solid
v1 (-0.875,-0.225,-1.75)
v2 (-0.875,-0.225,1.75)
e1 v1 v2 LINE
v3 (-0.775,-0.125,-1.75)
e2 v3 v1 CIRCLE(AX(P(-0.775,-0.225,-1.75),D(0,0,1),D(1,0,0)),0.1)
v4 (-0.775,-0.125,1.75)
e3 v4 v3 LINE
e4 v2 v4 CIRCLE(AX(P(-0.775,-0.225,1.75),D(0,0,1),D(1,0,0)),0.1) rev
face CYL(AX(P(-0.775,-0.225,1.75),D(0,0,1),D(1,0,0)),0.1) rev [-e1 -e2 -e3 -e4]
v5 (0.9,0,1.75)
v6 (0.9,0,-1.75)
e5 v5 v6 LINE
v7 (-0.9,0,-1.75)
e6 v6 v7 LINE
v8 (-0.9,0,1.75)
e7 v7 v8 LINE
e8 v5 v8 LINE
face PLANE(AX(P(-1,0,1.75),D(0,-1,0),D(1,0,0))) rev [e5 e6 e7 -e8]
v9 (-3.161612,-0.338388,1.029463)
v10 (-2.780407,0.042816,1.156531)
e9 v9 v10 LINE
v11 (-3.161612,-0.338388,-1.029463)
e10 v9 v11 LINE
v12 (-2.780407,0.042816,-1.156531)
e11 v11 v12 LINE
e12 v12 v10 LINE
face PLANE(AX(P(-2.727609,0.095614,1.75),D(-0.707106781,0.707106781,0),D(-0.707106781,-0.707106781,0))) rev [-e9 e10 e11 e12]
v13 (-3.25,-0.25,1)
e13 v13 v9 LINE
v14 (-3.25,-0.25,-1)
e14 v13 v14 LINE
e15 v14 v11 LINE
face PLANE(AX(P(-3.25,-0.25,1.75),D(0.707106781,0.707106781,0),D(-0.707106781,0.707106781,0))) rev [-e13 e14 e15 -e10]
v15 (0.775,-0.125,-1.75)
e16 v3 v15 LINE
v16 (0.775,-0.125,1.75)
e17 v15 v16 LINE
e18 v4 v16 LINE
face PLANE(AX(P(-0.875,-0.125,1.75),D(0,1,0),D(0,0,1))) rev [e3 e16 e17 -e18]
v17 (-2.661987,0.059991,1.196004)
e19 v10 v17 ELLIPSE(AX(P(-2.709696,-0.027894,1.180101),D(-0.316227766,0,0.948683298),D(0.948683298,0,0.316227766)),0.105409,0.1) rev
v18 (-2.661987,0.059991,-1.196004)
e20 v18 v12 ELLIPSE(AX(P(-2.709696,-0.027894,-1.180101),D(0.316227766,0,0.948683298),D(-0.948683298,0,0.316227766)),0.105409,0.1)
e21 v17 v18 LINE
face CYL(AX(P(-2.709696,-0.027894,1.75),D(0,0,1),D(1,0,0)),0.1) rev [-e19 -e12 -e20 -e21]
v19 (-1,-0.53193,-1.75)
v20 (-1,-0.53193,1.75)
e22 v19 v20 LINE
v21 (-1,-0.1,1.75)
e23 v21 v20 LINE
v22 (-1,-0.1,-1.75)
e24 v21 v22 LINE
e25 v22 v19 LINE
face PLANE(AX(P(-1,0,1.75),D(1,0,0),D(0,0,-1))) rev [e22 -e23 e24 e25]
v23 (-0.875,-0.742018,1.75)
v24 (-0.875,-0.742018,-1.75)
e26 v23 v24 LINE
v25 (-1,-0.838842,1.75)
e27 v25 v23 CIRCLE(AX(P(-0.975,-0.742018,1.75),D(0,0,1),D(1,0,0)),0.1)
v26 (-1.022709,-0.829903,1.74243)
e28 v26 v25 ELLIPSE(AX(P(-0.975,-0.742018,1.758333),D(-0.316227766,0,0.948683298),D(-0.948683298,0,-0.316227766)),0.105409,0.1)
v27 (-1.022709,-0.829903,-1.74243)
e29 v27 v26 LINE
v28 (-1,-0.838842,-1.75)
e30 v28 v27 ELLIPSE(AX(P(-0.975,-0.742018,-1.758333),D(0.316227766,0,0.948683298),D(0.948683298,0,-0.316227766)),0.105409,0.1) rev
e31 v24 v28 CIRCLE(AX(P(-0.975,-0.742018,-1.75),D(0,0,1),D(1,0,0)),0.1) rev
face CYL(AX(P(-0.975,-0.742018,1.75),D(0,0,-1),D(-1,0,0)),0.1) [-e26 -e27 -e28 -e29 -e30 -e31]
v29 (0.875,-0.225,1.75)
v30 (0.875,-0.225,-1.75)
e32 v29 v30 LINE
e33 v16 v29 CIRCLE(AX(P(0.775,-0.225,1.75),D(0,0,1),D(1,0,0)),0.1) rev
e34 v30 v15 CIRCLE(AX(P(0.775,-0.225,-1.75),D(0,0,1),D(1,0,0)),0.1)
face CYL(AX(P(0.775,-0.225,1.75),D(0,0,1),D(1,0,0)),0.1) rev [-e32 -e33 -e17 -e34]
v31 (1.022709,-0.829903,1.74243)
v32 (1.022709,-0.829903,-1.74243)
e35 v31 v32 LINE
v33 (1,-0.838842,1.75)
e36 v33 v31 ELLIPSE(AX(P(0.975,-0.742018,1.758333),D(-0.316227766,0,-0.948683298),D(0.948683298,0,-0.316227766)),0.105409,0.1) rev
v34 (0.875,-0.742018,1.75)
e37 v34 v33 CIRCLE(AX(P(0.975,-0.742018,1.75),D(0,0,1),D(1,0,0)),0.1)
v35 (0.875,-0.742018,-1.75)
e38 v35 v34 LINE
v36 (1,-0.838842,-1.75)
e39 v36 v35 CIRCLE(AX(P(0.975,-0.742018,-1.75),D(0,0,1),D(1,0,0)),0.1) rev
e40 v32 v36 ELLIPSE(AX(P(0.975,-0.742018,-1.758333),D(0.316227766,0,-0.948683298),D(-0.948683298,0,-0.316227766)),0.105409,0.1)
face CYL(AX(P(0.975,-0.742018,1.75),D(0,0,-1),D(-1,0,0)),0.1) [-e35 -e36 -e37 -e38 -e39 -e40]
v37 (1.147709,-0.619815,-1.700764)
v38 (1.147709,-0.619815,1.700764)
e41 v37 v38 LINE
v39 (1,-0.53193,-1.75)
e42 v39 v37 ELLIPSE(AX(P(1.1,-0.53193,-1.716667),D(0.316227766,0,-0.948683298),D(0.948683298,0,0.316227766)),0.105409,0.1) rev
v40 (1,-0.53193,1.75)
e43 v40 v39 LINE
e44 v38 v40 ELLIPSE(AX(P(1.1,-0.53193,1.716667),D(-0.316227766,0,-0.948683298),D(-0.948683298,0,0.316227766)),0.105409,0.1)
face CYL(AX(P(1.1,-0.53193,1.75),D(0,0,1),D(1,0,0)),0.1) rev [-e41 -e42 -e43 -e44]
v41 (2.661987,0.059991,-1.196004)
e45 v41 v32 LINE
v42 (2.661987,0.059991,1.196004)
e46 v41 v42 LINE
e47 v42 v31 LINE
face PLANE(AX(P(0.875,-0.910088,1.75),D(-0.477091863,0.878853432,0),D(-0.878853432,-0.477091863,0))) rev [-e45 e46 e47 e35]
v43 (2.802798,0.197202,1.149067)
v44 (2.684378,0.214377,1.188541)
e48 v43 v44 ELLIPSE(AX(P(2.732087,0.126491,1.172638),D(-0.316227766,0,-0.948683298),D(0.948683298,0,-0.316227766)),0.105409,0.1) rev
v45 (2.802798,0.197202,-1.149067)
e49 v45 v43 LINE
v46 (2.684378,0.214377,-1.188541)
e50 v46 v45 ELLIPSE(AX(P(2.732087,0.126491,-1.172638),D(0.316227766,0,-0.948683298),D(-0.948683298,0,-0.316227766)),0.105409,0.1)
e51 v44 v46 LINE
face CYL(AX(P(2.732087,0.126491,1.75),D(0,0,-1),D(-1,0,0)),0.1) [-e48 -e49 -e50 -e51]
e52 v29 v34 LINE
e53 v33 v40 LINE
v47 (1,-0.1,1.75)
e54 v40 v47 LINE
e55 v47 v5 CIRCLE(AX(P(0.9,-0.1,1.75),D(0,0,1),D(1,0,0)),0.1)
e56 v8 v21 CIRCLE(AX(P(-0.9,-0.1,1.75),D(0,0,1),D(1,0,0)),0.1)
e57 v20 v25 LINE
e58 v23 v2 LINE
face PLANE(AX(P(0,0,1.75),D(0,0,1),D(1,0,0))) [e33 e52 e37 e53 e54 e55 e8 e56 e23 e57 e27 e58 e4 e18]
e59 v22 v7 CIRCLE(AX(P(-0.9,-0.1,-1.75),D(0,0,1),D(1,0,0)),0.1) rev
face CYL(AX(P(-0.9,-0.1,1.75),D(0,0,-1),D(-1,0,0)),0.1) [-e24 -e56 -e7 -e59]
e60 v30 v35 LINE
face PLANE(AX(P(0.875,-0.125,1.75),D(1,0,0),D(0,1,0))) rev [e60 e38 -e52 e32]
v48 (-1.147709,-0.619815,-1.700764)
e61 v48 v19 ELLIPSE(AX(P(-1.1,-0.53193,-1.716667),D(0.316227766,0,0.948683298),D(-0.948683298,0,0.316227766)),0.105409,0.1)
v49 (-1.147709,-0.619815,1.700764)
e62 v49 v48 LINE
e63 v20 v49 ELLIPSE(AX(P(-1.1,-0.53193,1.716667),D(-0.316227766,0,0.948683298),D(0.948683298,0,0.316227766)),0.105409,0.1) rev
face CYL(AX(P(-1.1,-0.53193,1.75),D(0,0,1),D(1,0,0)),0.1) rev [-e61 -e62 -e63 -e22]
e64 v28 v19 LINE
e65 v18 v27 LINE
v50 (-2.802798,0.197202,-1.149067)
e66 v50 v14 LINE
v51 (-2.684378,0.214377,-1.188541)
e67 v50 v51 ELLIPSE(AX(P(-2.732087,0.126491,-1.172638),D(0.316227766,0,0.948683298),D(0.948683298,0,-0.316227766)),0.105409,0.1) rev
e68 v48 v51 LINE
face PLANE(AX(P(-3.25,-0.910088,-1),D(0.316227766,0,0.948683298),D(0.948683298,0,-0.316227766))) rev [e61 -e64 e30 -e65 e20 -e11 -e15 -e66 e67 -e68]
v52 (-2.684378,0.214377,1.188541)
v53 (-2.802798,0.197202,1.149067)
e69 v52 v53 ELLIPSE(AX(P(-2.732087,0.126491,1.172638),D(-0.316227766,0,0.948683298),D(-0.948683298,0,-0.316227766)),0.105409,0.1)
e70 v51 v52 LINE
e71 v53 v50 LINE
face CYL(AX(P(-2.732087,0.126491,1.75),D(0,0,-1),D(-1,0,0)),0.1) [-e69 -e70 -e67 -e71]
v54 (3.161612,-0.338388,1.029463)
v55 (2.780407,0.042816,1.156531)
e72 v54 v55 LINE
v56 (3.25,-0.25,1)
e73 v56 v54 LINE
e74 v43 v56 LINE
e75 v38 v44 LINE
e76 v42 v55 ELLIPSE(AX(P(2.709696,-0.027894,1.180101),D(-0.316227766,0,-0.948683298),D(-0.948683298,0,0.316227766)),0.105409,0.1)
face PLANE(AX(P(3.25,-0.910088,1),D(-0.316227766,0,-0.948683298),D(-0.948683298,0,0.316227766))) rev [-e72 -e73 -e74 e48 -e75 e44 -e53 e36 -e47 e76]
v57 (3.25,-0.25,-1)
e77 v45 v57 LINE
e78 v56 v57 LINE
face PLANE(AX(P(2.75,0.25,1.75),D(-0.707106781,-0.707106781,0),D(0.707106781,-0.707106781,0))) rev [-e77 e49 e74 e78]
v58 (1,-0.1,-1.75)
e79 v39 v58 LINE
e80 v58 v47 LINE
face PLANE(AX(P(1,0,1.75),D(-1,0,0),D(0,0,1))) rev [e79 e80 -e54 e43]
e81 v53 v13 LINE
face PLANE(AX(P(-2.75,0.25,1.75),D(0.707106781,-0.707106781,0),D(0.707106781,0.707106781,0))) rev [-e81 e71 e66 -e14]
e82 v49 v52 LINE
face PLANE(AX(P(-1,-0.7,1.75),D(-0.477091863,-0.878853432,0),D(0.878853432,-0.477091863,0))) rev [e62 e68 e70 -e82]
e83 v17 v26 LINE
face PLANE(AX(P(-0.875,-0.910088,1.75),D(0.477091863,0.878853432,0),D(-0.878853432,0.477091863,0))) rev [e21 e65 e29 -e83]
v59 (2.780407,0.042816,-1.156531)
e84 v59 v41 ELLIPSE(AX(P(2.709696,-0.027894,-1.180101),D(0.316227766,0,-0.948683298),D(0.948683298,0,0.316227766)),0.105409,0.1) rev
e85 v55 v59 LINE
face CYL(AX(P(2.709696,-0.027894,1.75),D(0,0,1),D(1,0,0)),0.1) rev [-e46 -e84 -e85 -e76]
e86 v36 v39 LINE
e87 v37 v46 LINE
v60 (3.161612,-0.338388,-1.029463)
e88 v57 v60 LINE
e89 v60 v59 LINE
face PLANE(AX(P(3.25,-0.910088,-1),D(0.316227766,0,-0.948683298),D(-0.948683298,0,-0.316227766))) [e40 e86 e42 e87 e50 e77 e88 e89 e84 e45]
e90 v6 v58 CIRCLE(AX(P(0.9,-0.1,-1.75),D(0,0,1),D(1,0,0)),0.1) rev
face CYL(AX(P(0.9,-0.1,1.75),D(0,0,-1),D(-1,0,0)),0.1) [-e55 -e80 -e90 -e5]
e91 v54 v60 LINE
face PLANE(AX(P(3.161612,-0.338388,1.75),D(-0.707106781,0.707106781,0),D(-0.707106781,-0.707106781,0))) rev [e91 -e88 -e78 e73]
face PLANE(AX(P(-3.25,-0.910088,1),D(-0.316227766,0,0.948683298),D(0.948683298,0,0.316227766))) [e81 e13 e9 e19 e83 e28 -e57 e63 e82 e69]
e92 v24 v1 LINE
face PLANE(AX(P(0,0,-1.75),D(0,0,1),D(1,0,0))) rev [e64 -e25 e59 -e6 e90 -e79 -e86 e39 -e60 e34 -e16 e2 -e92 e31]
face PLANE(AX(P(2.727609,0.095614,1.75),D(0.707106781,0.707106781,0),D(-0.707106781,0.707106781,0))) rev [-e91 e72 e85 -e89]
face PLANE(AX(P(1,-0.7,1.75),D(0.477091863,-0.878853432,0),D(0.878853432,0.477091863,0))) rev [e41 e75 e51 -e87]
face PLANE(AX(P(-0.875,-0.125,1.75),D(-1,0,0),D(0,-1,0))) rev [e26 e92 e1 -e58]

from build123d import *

# Parameters (mm, degrees)
BOSS_EXTRUDE1_DEPTH  = 1.75
CUT_EXTRUDE1_DEPTH   = 4.801744338
MIRROR2_COPY_1_DEPTH = 4.801744338
FILLET1_R            = 0.1


with BuildPart() as part:
    # Sketch1 → Boss-Extrude1 (new, symmetric)
    with BuildSketch(Plane.XY):
        Polygon((-1, 0), (1, 0), (1, -0.7), (2.75, 0.25), (3.25, -0.25), (3.161611652, -0.338388348), (2.727609122, 0.095614182), (0.875, -0.910087913), (0.875, -0.125), (-0.875, -0.125), (-0.875, -0.910087913), (-2.727609122, 0.095614182), (-3.161611652, -0.338388348), (-3.25, -0.25), (-2.75, 0.25), (-1, -0.7), align=None)
    extrude(amount=BOSS_EXTRUDE1_DEPTH, both=True)

    # Sketch2 → Cut-Extrude1 (cut, symmetric)
    with BuildSketch(Plane(origin=(0, 0, 0), x_dir=(1, 0, 0), z_dir=(0, 1, 0))):
        Polygon((-3.25, 1), (-1, 1.75), (-3.25, 1.75), align=None)
    cut_extrude1 = extrude(amount=CUT_EXTRUDE1_DEPTH, both=True, mode=Mode.SUBTRACT)

    # Mirror1: Cut-Extrude1 across plane
    add(cut_extrude1.mirror(Plane.XY), mode=Mode.SUBTRACT)

    # Mirror2: Cut-Extrude1 across plane
    add(cut_extrude1.mirror(Plane(origin=(0, 0, 0), x_dir=(0, 0, 1), z_dir=(1, 0, 0))), mode=Mode.SUBTRACT)

    # Mirror2 copy 1 sketch → Mirror2 copy 1 (cut, symmetric)
    with BuildSketch(Plane(origin=(0, 0, 0), x_dir=(-1, 0, 0), z_dir=(0, 1, 0))):
        Polygon((-3.25, 1), (-1, 1.75), (-3.25, 1.75), align=None)
    extrude(amount=MIRROR2_COPY_1_DEPTH, both=True, mode=Mode.SUBTRACT)

    # Fillet1
    fillet1_edges = [part.edges().sort_by_distance(p)[0] for p in [
        (1, 0, 0),
        (-1, 0, 0),
        (0.875, -0.125, 0),
        (-0.875, -0.125, 0),
        (0.875, -0.910087913, 0),
        (-0.875, -0.910087913, 0),
        (2.727609122, 0.095614182, 0),
        (-2.727609122, 0.095614182, 0),
        (2.75, 0.25, 0),
        (-2.75, 0.25, 0),
        (1, -0.7, 0),
        (-1, -0.7, 0),
    ]]
    fillet(fillet1_edges, radius=FILLET1_R)


solid = part.part
